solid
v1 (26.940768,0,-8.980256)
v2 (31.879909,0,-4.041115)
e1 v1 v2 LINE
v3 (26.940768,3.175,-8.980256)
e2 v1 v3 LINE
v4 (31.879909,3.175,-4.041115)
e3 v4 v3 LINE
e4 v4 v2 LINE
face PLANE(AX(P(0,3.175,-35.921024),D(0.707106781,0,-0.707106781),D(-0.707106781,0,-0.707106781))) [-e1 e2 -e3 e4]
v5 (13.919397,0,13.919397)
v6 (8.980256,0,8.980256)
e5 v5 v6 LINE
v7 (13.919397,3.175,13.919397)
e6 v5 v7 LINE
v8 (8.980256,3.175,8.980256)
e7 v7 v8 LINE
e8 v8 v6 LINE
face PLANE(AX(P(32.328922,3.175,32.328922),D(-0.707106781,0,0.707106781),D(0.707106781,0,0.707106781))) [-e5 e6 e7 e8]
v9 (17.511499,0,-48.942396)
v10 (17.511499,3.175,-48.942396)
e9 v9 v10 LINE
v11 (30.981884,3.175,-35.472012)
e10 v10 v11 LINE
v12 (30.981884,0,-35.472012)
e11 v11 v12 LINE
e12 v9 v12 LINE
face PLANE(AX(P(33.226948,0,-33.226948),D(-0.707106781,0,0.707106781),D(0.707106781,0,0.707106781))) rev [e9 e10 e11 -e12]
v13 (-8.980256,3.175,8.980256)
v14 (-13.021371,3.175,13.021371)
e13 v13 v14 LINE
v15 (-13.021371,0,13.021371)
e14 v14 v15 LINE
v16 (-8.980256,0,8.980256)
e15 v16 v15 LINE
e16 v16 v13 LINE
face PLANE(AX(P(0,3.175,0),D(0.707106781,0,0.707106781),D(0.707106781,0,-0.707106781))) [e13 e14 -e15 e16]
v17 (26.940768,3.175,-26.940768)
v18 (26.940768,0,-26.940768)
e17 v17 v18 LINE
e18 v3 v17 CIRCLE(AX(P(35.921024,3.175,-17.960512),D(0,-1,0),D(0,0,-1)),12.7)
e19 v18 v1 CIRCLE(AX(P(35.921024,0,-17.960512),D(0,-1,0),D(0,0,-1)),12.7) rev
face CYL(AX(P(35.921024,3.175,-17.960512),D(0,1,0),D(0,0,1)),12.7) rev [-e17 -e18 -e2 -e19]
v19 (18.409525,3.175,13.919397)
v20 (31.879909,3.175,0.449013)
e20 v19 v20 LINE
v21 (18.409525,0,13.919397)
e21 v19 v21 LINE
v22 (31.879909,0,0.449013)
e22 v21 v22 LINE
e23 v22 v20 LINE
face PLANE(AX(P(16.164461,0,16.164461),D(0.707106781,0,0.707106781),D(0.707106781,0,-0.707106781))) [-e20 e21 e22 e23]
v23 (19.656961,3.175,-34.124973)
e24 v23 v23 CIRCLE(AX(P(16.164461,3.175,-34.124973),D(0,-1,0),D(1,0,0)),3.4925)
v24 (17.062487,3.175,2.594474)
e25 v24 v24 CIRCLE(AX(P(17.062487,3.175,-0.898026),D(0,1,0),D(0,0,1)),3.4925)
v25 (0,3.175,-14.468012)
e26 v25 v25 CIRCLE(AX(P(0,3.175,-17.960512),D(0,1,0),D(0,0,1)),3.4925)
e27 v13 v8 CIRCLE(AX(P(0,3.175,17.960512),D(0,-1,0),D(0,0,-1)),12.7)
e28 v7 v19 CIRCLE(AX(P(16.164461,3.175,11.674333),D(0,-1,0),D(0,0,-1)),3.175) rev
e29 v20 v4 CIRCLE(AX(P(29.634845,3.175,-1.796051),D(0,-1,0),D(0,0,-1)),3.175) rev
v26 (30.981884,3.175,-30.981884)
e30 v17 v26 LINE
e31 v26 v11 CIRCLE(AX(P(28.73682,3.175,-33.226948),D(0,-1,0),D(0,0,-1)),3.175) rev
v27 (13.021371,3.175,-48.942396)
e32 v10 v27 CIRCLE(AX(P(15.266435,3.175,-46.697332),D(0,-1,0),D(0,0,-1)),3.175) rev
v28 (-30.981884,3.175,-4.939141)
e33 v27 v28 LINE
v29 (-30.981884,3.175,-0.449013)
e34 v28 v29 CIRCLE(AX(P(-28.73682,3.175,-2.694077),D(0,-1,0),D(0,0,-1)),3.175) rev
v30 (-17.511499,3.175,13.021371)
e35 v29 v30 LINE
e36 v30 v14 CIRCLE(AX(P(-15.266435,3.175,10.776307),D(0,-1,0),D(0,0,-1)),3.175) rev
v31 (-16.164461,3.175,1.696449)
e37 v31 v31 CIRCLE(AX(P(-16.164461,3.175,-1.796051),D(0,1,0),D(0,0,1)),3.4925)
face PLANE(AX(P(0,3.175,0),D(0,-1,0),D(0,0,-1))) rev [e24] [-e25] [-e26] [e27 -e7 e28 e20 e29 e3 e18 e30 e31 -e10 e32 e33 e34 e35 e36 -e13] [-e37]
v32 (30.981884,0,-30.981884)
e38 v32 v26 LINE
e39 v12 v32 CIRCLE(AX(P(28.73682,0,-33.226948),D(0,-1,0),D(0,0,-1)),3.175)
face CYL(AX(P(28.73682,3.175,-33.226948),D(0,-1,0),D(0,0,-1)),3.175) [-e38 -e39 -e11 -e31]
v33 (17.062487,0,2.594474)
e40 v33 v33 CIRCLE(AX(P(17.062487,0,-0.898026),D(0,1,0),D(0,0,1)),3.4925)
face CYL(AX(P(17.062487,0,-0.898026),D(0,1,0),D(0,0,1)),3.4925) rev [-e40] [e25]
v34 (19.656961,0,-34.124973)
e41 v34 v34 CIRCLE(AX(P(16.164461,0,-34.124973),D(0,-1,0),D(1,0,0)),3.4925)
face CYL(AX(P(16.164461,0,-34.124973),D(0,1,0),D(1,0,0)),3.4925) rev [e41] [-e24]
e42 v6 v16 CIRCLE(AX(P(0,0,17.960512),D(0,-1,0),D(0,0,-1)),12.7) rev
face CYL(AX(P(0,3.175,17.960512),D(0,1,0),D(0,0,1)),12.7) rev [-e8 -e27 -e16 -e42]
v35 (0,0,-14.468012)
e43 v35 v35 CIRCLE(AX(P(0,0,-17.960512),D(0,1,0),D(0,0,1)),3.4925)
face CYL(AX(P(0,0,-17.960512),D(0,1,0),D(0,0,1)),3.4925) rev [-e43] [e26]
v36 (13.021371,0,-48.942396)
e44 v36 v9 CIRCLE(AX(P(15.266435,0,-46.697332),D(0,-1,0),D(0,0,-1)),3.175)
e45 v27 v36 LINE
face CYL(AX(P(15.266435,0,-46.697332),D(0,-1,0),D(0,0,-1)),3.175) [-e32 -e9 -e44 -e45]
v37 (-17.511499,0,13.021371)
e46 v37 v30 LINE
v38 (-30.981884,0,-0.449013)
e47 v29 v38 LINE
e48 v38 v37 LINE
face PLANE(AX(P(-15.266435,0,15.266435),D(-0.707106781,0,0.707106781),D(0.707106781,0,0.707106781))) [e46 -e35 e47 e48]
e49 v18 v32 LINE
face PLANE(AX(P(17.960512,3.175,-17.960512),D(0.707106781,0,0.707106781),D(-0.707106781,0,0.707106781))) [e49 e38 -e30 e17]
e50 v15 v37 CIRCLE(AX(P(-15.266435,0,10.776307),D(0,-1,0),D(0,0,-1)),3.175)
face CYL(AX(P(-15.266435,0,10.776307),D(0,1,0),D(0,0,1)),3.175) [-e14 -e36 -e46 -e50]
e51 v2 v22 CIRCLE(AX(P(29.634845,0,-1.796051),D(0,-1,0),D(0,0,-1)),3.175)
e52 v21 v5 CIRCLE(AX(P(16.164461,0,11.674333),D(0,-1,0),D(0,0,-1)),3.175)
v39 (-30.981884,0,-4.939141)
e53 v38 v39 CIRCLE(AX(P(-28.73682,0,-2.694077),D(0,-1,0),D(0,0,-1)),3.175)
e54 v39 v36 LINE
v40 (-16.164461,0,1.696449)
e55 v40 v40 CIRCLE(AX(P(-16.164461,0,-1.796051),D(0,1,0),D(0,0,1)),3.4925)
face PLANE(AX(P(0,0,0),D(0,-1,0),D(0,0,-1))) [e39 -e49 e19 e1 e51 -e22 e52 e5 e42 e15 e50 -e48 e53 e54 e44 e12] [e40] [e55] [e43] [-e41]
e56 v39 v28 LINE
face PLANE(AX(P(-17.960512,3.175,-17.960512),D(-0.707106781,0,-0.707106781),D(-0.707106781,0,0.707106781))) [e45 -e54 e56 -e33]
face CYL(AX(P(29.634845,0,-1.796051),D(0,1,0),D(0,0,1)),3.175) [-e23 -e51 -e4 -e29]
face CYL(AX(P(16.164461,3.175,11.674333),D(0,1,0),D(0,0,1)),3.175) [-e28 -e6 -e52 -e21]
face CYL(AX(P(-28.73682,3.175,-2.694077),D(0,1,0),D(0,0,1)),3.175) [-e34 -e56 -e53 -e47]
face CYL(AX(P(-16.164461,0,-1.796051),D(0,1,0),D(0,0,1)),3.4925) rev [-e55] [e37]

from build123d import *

# Parameters (mm, degrees)
BOSS_EXTRUDE1_DEPTH = 3.175
SKETCH2_R           = 3.4925
CUT_EXTRUDE2_DEPTH  = 3.175
LPATTERN5_COUNT     = 3
LPATTERN5_PITCH     = 22.86
SKETCH7_R           = 3.4925
CUT_EXTRUDE3_DEPTH  = 3.175
LPATTERN6_COUNT     = 2
LPATTERN6_PITCH     = 22.86
SKETCH8_R           = 3.4925
CUT_EXTRUDE4_DEPTH  = 85.115331985
FILLET3_R           = 12.7
FILLET4_R           = 3.175


with BuildPart() as part:
    # Sketch1 → Boss-Extrude1 (new body)
    with BuildSketch(Plane(origin=(0, 0, 0), x_dir=(1, 0, 0), z_dir=(0, 1, 0))):
        Polygon((-17.960512242, 17.960512242), (0, 35.921024484), (17.960512242, 17.960512242), (50.289434278, -14.368409794), (32.328922036, -32.328922036), (0, 0), (-31.430896424, -31.430896424), (-49.391408666, -13.470384182), align=None)
    extrude(amount=BOSS_EXTRUDE1_DEPTH)

    # Sketch2 → Cut-Extrude2 (cut)
    with BuildSketch(Plane(origin=(0, 3.175, 0), x_dir=(1, 0, 0), z_dir=(0, 1, 0))):
        with Locations(Location((-32.328922036, -14.368409794, 0), (0, 0, 270))):
            Circle(SKETCH2_R)
    cut_extrude2 = extrude(amount=-CUT_EXTRUDE2_DEPTH, mode=Mode.SUBTRACT)

    # LPattern5: Cut-Extrude2 ×3
    with Locations(*[Vector(0.7071067811865467, 0, -0.7071067811865485) * (i * LPATTERN5_PITCH) for i in range(1, LPATTERN5_COUNT)]):
        add(cut_extrude2, mode=Mode.SUBTRACT)

    # Sketch7 → Cut-Extrude3 (cut)
    with BuildSketch(Plane(origin=(0, 3.175, 0), x_dir=(1, 0, 0), z_dir=(0, 1, 0))):
        with Locations(Location((33.226947648, -15.266435406, 0), (0, 0, 270))):
            Circle(SKETCH7_R)
    cut_extrude3 = extrude(amount=-CUT_EXTRUDE3_DEPTH, mode=Mode.SUBTRACT)

    # LPattern6: Cut-Extrude3 ×2
    with Locations(*[Vector(-0.7071067811865457, 0, -0.7071067811865493) * (i * LPATTERN6_PITCH) for i in range(1, LPATTERN6_COUNT)]):
        add(cut_extrude3, mode=Mode.SUBTRACT)

    # Mirror2: part across plane


with BuildPart() as part_1:
    add(part.part)
    add(part.part.mirror(Plane(origin=(8.980256121, 0, -8.980256121), x_dir=(0.7071067811865464, 0, 0.7071067811865487), z_dir=(-0.7071067811865489, 0, 0.7071067811865462))))

    # Sketch8 → Cut-Extrude4 (cut, through all)
    # profile 1 of 3: a face of its own
    with BuildSketch(Plane(origin=(0, 3.175, 0), x_dir=(1, 0, 0), z_dir=(0, 1, 0))):
        Polygon((-15.266435406, -15.266435406), (-33.226947648, 2.694076836), (-49.391408666, -13.470384182), (-31.430896424, -31.430896424), align=None)
        with Locations((-32.328922036, -14.368409794)):
            Circle(SKETCH8_R, mode=Mode.SUBTRACT)
    # profile 2 of 3: a face of its own
    with BuildSketch(Plane(origin=(0, 3.175, 0), x_dir=(1, 0, 0), z_dir=(0, 1, 0))):
        Polygon((33.226947648, 33.226947648), (49.391408666, 49.391408666), (31.430896424, 67.351920908), (15.266435406, 51.18745989), align=None)
        with Locations((32.328922036, 50.289434278)):
            Circle(SKETCH8_R, mode=Mode.SUBTRACT)
    # profile 3 of 3: a face of its own
    with BuildSketch(Plane(origin=(0, 3.175, 0), x_dir=(1, 0, 0), z_dir=(0, 1, 0))):
        Polygon((50.289434278, -14.368409794), (34.12497326, 1.796051224), (16.164461018, -16.164461018), (32.328922036, -32.328922036), align=None)
        with Locations((33.226947648, -15.266435406)):
            Circle(SKETCH8_R, mode=Mode.SUBTRACT)
    extrude(amount=-CUT_EXTRUDE4_DEPTH, mode=Mode.SUBTRACT)

    # Fillet3
    fillet3_edges = [part_1.edges().sort_by_distance(p)[0] for p in [
        (0, 1.5875, 0),
        (17.960512242, 1.5875, -17.960512242),
    ]]
    fillet(fillet3_edges, radius=FILLET3_R)

    # Fillet4
    fillet4_edges = [part_1.edges().sort_by_distance(p)[0] for p in [
        (-33.226947648, 1.5875, -2.694076836),
        (-15.266435406, 1.5875, 15.266435406),
        (15.266435406, 1.5875, -51.18745989),
        (33.226947648, 1.5875, -33.226947648),
        (16.164461018, 1.5875, 16.164461018),
        (34.12497326, 1.5875, -1.796051224),
    ]]
    fillet(fillet4_edges, radius=FILLET4_R)


solid = part_1.part
